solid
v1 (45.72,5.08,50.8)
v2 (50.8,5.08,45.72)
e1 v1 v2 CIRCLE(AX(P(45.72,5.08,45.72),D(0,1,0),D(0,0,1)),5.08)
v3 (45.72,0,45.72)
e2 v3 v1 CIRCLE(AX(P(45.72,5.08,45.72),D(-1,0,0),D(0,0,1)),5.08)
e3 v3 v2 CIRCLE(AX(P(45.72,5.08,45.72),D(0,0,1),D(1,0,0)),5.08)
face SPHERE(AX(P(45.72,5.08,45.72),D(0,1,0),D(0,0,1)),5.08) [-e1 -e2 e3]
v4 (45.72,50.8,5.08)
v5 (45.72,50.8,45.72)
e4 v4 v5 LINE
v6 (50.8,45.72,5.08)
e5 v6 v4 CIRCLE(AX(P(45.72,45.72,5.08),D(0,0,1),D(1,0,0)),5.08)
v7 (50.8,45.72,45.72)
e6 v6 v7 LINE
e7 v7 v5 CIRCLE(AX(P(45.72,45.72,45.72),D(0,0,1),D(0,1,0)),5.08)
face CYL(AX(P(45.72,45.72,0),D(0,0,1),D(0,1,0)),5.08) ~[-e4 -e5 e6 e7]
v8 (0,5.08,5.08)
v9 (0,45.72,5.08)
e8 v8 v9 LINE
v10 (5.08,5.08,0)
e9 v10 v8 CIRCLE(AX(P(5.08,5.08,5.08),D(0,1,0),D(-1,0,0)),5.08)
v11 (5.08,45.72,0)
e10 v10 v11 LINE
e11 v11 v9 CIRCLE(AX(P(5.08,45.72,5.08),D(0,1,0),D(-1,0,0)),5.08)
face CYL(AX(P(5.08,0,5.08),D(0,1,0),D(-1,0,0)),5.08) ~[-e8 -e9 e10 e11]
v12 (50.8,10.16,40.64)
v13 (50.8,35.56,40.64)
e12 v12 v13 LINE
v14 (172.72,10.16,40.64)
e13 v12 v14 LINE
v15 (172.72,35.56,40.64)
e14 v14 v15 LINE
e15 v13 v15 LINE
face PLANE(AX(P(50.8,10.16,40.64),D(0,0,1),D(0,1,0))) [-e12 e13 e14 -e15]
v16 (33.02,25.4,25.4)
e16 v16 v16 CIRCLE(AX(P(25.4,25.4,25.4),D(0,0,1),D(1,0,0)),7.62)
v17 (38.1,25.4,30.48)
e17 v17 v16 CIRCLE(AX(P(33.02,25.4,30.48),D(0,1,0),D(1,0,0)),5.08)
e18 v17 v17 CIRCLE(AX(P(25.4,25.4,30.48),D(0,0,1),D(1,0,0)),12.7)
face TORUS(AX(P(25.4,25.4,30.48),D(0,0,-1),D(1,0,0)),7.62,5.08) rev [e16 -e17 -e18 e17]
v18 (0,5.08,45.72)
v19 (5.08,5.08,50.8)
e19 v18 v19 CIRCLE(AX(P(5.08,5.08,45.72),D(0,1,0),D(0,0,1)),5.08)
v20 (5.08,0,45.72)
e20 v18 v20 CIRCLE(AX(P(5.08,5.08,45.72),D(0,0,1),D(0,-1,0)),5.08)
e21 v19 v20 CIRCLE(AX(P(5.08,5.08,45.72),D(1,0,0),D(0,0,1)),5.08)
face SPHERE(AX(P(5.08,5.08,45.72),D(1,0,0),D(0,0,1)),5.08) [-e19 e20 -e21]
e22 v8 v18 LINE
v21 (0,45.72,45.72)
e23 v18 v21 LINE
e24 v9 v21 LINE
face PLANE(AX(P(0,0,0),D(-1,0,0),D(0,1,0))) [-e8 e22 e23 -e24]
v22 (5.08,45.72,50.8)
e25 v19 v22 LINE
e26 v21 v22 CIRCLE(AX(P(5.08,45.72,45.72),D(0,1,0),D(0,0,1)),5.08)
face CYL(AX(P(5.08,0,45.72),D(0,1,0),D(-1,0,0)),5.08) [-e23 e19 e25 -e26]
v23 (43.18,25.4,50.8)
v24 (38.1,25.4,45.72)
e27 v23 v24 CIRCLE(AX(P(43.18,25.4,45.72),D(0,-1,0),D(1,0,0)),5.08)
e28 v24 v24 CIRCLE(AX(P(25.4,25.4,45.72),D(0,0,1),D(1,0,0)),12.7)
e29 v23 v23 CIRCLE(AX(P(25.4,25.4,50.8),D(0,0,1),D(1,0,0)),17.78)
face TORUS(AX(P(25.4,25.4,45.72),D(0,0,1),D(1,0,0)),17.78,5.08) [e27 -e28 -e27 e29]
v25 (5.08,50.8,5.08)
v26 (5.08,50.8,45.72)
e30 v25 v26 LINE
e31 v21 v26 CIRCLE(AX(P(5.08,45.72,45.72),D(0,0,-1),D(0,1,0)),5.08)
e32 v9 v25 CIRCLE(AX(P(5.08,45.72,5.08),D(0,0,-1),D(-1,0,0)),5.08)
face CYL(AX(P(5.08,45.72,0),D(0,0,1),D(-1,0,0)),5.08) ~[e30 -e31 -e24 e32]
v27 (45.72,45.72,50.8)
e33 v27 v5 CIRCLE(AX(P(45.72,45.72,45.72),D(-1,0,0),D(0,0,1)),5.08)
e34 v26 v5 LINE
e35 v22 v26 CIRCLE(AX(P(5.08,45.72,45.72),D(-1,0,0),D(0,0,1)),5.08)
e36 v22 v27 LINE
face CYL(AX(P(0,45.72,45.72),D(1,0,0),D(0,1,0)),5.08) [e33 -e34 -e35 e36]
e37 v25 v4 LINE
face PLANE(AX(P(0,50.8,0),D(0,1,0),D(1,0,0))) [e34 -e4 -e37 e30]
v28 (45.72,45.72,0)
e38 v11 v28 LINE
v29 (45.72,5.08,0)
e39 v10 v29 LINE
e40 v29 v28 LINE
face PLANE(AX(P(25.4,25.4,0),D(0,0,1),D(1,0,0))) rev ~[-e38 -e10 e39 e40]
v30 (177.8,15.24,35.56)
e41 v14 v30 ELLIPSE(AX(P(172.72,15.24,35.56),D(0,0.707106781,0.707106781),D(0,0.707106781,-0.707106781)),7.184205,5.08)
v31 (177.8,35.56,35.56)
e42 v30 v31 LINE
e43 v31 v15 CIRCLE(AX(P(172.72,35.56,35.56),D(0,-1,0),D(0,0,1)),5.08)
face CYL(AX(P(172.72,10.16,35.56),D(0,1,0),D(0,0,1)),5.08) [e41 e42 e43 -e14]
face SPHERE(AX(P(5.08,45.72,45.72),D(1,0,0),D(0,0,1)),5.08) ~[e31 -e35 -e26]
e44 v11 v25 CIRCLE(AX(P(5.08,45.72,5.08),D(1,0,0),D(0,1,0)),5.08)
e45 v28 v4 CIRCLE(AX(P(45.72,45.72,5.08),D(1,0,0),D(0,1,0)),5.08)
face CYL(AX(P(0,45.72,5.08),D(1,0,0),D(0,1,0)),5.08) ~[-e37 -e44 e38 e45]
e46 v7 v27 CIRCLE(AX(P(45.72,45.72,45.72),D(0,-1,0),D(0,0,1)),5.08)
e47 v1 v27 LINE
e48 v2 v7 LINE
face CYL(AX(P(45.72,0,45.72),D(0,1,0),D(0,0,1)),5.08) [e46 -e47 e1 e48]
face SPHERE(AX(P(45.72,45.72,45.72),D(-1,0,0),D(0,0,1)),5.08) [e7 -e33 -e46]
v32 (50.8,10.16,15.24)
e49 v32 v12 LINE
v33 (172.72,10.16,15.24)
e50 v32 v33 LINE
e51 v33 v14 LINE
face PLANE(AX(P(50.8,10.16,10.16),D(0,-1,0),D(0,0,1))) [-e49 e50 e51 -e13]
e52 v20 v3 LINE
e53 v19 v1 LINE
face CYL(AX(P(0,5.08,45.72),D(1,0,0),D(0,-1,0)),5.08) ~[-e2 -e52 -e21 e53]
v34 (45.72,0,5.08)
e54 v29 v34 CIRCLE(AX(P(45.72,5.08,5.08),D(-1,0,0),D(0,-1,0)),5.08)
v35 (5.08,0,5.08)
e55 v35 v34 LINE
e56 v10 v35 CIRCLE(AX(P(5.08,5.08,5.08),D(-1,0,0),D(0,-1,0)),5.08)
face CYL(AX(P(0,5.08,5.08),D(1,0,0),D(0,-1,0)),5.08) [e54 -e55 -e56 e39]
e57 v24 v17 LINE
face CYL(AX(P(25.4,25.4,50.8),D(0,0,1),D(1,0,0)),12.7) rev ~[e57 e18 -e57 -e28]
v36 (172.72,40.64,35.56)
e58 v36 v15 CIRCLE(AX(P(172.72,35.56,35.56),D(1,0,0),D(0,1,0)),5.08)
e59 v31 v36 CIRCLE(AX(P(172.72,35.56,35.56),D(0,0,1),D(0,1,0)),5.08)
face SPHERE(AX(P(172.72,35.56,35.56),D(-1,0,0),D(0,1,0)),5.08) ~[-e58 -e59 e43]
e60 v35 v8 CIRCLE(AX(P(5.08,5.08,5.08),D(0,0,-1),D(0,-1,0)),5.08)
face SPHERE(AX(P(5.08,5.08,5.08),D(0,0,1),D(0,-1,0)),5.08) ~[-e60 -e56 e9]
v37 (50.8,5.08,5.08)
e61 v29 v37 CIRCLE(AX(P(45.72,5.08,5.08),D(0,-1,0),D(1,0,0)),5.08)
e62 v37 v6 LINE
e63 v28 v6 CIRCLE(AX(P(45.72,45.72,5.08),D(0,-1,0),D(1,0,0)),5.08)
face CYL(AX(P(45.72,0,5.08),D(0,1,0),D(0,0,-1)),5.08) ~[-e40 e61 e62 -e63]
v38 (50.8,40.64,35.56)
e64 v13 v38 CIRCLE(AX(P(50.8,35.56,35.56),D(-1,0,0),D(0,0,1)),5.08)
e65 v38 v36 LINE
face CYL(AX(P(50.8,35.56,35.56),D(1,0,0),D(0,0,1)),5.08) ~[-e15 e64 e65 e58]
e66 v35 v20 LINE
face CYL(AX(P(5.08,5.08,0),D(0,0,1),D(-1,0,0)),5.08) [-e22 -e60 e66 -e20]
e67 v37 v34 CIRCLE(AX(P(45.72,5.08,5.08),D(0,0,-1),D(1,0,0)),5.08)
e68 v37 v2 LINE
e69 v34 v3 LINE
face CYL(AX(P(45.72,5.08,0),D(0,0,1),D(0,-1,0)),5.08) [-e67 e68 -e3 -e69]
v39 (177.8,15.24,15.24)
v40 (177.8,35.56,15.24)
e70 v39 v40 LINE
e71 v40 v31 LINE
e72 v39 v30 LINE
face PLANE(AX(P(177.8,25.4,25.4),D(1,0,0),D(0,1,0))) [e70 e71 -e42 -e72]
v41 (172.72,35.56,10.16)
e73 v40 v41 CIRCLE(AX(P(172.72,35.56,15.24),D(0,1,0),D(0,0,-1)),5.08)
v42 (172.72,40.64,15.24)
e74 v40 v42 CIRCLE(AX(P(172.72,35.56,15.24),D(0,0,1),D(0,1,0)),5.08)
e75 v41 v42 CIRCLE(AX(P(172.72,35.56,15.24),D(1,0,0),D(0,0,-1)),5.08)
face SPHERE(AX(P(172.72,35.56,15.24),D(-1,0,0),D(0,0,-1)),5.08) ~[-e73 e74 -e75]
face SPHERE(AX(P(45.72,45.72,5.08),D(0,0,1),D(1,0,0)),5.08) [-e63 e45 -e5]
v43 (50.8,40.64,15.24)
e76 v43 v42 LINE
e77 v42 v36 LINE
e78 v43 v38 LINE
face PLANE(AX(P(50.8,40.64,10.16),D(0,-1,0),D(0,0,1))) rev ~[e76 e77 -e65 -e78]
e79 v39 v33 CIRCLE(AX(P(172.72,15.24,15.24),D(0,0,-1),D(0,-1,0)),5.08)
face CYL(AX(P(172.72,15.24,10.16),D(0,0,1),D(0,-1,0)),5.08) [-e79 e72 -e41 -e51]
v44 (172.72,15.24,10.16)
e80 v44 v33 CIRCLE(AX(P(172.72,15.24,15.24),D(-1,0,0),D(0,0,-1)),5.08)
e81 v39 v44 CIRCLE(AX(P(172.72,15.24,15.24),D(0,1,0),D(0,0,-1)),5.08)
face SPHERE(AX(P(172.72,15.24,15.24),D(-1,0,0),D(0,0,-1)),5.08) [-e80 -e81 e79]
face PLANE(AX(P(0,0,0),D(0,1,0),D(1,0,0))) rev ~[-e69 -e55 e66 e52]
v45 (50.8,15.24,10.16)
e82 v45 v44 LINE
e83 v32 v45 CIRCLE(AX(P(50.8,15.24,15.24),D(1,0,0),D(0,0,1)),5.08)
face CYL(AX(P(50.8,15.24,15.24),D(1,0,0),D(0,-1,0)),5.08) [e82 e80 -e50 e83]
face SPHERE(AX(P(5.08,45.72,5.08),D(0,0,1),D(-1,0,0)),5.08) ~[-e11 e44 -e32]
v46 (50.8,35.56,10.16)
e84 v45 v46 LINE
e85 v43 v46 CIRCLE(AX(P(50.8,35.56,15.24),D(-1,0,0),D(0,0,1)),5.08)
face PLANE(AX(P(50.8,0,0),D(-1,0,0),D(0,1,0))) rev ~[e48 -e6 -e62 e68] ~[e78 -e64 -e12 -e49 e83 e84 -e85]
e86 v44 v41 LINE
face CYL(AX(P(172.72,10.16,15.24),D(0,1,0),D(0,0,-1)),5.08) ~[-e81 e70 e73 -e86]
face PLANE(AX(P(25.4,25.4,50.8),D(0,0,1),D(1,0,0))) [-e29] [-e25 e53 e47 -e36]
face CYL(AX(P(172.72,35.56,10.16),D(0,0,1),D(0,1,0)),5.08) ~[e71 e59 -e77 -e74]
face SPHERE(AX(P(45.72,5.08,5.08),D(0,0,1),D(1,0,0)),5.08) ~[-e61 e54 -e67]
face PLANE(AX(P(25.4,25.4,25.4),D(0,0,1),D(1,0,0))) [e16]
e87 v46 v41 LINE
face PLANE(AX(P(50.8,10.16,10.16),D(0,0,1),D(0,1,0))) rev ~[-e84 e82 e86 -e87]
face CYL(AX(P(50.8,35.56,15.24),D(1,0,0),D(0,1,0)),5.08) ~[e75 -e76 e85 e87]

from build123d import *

# Parameters (mm, degrees)
F0_W     = 50.8
F0_H     = 50.8
F1_DEPTH = 50.8
F2_R     = 12.7
F3_DEPTH = 25.4
F4_R     = 5.08
F5_R     = 5.08
F6_W     = 30.48
F6_H     = 30.48
F7_DEPTH = 127
F8_R     = 5.08


with BuildPart() as f1:
    # F0 (on Top) → F1 (new body)
    with BuildSketch(Plane.XY):
        with Locations((25.4, 25.4)):
            Rectangle(F0_W, F0_H)
    extrude(amount=F1_DEPTH)

    # F2 (on face) → F3 (cut)
    with BuildSketch(Plane.XY.offset(50.8)):
        with Locations((25.4, 25.4)):
            Circle(F2_R)
    extrude(amount=-F3_DEPTH, mode=Mode.SUBTRACT)

    # F4
    f4_edges = [f1.edges().sort_by_distance(p)[0] for p in [
        (25.4, 50.8, 50.8),
        (50.8, 25.4, 50.8),
        (25.4, 0, 50.8),
        (0, 25.4, 50.8),
        (50.8, 0, 25.4),
        (50.8, 50.8, 25.4),
        (50.8, 25.4, 0),
        (0, 0, 25.4),
        (25.4, 0, 0),
        (0, 50.8, 25.4),
        (0, 25.4, 0),
        (25.4, 50.8, 0),
    ]]
    fillet(f4_edges, radius=F4_R)

    # F5
    f5_edges = [f1.edges().sort_by_distance(p)[0] for p in [
        (12.7, 25.4, 25.4),
        (12.7, 25.4, 50.8),
    ]]
    fillet(f5_edges, radius=F5_R)

    # F6 (on face) → F7 (join)
    with BuildSketch(Plane.YZ.offset(50.8)):
        with Locations((25.4, 25.4)):
            Rectangle(F6_W, F6_H)
    extrude(amount=F7_DEPTH)

    # F8
    f8_edges = [f1.edges().sort_by_distance(p)[0] for p in [
        (114.3, 10.16, 10.16),
        (114.3, 40.64, 40.64),
        (114.3, 40.64, 10.16),
        (177.8, 25.4, 10.16),
        (177.8, 40.64, 25.4),
        (177.8, 25.4, 40.64),
        (177.8, 10.16, 25.4),
    ]]
    fillet(f8_edges, radius=F8_R)


solid = f1.part
